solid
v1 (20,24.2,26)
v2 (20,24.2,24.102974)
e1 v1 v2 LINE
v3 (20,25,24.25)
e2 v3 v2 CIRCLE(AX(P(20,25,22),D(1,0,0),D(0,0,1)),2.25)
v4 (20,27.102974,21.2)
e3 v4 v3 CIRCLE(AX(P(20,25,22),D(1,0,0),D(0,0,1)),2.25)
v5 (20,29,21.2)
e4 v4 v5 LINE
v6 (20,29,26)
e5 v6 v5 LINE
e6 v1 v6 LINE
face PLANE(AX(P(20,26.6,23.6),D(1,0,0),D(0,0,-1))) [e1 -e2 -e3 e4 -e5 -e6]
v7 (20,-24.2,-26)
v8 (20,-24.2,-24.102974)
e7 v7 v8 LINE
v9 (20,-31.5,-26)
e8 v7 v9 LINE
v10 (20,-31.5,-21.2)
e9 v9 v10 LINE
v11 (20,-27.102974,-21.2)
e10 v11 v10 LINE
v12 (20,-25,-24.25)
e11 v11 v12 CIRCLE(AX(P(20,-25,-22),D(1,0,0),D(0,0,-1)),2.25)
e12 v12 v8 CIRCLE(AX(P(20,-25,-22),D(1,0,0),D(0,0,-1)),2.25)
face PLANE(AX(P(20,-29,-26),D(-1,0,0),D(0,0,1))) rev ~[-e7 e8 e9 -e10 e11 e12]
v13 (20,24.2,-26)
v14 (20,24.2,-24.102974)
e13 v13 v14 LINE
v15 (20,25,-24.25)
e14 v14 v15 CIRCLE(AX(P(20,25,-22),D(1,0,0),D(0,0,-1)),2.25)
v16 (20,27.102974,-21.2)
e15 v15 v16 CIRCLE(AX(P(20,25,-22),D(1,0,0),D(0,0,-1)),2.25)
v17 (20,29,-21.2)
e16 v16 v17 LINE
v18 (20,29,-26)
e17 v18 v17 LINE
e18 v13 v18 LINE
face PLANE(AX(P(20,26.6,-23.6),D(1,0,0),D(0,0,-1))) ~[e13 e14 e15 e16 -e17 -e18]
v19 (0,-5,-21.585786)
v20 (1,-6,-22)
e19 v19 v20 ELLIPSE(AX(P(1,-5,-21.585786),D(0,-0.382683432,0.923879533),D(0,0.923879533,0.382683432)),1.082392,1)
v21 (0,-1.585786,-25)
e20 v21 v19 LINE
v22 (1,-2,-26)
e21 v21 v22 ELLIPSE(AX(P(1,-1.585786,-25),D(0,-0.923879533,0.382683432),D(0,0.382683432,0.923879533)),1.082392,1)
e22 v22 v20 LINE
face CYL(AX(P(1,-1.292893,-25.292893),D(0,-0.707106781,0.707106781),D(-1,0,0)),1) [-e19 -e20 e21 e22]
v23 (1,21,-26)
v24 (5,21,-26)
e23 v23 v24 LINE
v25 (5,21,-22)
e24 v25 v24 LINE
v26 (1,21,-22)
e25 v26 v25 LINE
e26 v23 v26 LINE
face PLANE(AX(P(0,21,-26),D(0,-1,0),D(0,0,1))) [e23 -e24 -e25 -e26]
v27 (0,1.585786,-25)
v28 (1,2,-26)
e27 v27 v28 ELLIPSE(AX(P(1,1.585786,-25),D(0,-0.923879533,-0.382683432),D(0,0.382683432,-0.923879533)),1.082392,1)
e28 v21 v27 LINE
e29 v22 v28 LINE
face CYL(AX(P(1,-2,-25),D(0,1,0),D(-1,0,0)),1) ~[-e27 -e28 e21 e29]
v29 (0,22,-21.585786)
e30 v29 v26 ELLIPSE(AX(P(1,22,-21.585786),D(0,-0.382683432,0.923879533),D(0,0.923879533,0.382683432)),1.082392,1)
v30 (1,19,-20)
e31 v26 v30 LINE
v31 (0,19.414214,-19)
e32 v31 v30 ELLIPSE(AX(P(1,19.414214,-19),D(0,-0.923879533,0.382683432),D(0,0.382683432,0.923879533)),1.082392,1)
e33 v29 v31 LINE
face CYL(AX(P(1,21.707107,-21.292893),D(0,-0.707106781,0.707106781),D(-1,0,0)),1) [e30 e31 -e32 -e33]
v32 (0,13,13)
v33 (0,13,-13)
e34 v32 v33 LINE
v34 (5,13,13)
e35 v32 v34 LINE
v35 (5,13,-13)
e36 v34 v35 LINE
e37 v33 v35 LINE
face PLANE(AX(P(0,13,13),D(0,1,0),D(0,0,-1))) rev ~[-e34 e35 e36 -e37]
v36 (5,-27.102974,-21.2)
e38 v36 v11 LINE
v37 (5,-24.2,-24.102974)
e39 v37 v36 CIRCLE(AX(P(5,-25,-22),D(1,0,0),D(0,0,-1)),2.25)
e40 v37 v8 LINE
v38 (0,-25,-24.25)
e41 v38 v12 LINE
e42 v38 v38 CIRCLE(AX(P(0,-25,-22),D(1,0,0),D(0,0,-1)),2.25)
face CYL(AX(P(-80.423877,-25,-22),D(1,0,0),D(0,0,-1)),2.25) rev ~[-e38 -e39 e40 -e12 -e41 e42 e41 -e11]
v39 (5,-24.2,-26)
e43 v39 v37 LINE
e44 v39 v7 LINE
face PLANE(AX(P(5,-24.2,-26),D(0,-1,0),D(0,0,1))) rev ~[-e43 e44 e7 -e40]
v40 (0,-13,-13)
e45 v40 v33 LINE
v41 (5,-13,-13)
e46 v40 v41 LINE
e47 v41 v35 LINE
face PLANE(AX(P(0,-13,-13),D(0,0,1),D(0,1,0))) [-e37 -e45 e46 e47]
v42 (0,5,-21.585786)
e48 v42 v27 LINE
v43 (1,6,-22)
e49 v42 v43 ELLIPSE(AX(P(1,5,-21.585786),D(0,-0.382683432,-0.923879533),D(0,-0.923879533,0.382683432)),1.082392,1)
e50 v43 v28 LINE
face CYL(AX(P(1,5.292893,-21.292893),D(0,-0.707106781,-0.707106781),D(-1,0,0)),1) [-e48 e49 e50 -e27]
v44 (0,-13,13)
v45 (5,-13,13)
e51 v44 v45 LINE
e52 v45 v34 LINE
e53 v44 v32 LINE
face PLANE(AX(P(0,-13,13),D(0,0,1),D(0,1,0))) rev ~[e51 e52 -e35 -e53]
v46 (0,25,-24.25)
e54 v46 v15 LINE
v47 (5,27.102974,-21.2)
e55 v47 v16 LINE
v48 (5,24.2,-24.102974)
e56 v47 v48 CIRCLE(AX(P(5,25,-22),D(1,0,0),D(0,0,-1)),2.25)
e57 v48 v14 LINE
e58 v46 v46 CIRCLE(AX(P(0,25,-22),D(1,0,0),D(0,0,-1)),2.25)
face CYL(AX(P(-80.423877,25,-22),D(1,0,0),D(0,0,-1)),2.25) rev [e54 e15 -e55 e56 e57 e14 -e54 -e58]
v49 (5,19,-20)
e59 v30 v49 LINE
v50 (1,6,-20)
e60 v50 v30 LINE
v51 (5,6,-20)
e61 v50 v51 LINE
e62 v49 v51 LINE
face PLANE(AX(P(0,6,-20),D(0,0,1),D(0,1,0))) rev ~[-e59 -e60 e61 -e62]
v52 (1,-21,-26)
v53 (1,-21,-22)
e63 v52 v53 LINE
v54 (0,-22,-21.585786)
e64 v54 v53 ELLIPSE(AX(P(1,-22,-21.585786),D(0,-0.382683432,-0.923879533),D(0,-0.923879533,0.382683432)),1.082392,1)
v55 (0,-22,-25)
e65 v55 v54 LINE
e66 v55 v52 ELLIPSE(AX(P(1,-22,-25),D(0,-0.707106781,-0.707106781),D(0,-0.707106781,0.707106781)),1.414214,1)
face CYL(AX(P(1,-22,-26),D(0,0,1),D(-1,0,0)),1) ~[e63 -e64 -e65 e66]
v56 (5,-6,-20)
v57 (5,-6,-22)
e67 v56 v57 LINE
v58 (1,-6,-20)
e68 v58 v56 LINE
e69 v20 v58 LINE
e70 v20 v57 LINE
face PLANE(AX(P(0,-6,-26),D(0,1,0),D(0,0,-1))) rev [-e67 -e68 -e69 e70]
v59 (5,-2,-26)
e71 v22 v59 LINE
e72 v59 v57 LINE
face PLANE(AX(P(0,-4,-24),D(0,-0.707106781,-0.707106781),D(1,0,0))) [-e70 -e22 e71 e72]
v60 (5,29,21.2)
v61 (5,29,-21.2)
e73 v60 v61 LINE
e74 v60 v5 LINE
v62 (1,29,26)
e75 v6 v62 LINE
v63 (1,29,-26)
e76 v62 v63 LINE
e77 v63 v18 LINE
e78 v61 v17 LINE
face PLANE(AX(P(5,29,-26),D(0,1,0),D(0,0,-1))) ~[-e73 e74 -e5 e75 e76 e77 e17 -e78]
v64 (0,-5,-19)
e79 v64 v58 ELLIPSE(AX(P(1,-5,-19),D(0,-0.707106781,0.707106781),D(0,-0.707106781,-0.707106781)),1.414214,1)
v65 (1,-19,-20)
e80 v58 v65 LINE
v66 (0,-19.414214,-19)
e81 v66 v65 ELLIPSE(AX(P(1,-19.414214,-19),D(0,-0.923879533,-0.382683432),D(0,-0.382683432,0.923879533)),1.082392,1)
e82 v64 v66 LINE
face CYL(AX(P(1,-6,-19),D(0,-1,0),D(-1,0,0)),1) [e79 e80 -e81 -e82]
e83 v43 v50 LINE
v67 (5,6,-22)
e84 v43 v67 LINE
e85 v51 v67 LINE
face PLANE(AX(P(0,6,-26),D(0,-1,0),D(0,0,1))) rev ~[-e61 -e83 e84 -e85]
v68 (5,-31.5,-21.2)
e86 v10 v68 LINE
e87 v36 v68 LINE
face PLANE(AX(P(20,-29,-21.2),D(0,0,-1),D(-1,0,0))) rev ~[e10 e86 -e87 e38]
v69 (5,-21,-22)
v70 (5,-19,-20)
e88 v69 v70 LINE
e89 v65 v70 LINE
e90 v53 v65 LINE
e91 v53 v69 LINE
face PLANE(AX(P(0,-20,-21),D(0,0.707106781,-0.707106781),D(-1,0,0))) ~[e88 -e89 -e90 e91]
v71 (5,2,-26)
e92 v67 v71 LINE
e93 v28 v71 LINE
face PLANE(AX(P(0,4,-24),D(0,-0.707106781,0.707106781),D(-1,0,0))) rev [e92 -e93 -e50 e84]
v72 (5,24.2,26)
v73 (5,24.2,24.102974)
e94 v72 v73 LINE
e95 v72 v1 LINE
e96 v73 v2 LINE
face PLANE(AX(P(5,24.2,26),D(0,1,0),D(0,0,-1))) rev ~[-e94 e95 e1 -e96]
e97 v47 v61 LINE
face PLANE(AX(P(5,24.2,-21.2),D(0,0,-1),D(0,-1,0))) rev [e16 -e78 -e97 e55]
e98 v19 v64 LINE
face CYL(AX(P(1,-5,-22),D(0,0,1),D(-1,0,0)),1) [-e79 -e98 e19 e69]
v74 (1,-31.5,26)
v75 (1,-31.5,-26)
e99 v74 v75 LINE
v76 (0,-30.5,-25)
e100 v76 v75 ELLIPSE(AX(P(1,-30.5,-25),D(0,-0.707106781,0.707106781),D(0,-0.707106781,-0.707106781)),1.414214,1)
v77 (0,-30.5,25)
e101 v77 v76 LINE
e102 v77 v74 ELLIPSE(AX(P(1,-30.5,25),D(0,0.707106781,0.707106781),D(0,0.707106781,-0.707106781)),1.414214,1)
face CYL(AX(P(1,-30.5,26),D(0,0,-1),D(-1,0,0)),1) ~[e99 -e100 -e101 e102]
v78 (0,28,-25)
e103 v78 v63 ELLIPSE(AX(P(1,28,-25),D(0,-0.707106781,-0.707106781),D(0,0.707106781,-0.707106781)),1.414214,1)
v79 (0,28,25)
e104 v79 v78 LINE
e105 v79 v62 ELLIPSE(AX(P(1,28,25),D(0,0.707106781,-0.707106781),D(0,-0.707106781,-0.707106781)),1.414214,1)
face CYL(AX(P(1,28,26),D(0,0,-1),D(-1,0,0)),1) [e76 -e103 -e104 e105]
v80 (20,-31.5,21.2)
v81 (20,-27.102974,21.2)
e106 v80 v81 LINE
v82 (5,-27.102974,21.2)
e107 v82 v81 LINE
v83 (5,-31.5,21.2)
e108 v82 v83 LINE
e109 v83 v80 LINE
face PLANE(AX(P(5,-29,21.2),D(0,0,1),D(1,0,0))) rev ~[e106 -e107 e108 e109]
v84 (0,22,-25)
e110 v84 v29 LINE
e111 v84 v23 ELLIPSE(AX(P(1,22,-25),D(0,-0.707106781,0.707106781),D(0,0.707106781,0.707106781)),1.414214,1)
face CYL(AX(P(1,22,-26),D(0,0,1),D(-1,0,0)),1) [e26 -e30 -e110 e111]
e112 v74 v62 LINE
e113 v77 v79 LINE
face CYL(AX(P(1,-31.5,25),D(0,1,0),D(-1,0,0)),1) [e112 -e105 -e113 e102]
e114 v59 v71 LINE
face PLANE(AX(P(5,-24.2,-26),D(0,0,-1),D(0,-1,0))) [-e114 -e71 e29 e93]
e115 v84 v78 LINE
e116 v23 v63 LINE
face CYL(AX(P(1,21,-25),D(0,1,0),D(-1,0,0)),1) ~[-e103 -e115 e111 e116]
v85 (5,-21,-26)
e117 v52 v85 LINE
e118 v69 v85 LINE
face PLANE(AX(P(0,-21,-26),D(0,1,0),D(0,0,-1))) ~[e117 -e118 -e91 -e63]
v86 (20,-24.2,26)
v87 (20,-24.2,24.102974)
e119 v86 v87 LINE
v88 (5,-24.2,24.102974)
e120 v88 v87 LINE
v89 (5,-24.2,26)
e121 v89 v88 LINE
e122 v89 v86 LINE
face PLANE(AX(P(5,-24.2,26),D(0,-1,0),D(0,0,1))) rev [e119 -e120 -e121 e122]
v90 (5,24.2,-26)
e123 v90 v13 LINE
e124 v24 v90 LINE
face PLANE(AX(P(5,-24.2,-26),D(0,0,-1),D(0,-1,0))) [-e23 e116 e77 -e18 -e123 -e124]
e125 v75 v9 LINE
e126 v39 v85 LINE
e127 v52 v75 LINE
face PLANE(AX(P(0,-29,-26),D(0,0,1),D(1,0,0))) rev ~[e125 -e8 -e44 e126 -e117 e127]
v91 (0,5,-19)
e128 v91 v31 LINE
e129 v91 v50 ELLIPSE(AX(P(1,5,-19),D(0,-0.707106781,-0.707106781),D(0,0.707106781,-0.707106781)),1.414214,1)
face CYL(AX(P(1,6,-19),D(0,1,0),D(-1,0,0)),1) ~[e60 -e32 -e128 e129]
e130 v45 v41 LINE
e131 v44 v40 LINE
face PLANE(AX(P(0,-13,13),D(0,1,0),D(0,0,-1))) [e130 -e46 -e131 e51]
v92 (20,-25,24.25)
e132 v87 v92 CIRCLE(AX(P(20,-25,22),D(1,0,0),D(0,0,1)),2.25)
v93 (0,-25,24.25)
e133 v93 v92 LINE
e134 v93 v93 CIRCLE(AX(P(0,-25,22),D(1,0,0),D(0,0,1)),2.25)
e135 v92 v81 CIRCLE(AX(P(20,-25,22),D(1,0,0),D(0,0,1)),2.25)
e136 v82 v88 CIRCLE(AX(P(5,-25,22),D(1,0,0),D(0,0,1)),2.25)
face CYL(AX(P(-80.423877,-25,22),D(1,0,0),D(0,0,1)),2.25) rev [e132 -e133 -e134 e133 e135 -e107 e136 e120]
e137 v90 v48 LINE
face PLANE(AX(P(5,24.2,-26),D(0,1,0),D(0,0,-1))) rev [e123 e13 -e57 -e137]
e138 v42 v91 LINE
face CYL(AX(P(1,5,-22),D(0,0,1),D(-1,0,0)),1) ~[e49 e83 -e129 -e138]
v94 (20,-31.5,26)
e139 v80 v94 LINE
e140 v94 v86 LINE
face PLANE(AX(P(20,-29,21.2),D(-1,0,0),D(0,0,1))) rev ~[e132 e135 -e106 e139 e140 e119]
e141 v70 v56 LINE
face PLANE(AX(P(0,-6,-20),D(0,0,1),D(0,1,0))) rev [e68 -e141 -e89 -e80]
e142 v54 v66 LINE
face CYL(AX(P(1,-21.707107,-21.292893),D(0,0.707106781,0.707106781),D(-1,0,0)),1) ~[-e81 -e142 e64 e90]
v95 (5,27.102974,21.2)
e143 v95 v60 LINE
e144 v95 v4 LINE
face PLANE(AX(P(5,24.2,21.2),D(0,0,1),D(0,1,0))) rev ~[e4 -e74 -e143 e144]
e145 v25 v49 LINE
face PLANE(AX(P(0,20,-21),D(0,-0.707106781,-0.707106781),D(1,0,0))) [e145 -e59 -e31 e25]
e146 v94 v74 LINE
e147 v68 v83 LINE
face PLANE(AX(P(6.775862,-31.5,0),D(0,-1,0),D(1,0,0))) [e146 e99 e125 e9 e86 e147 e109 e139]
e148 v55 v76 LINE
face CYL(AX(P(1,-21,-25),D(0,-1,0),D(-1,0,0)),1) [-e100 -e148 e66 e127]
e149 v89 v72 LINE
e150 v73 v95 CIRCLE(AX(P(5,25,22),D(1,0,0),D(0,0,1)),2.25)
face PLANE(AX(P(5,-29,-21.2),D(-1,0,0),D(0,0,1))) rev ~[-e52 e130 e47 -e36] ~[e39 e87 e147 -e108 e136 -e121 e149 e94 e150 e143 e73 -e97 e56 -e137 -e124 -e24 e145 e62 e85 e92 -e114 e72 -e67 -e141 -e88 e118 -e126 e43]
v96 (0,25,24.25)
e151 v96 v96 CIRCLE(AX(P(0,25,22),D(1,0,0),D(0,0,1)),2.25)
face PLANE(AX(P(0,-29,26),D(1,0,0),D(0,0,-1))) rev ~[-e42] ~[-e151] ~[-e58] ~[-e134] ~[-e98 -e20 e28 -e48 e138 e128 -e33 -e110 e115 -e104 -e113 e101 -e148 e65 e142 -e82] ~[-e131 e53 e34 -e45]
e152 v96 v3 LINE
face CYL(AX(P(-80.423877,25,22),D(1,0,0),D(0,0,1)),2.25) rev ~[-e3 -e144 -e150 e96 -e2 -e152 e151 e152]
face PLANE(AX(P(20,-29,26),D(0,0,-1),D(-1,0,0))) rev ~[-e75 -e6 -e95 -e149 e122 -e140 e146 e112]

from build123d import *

# Parameters (mm, degrees)
SKETCH2_W               = 52
SKETCH2_H               = 58
SKETCH2_W_2             = 26
SKETCH2_H_2             = 26
BOSS_EXTRUDE1_DEPTH     = 5
SKETCH3_W               = 4.8
SKETCH3_H               = 4.8
BOSS_EXTRUDE2_DEPTH     = 15
M4_CLEARANCE_HOLE1_D    = 4.5
MIRROR2_COPY_1_SKETCH_W = 4.8
MIRROR2_COPY_1_SKETCH_H = 4.8
MIRROR2_COPY_1_DEPTH    = 15
MIRROR2_COPY_2_D        = 4.5
SKETCH7_W               = 6
SKETCH7_H               = 15
CUT_EXTRUDE1_DEPTH      = 44.783558558
CHAMFER1_SIZE           = 2
BOSS_EXTRUDE4_DEPTH     = 2.5
CHAMFER2_SIZE           = 4
FILLET1_R               = 1


with BuildPart() as part:
    # Sketch2 → Boss-Extrude1 (new body)
    with BuildSketch(Plane(origin=(0, 0, 0), x_dir=(0, 0, -1), z_dir=(1, 0, 0))):
        Rectangle(SKETCH2_W, SKETCH2_H)
        Rectangle(SKETCH2_W_2, SKETCH2_H_2, mode=Mode.SUBTRACT)
    extrude(amount=BOSS_EXTRUDE1_DEPTH)

    # Sketch3 → Boss-Extrude2 (add)
    with BuildSketch(Plane(origin=(5, 0, 0), x_dir=(0, 0, -1), z_dir=(1, 0, 0))):
        with Locations((-23.6, 26.6)):
            Rectangle(SKETCH3_W, SKETCH3_H)
    boss_extrude2 = extrude(amount=BOSS_EXTRUDE2_DEPTH)

    # M4 Clearance Hole1 (through all)
    with Locations(Plane(origin=(0, 25, 22), x_dir=(0, 0, -1), z_dir=(-1, 0, 0))):
        with Locations((0, 0)):
            m4_clearance_hole1 = Hole(M4_CLEARANCE_HOLE1_D / 2)

    # Mirror1: Boss-Extrude2, M4 Clearance Hole1 across plane
    add(boss_extrude2.mirror(Plane.XY))
    add(m4_clearance_hole1.mirror(Plane.XY), mode=Mode.SUBTRACT)

    # Mirror2: Boss-Extrude2, M4 Clearance Hole1 across plane
    add(boss_extrude2.mirror(Plane.ZX))
    add(m4_clearance_hole1.mirror(Plane.ZX), mode=Mode.SUBTRACT)

    # Mirror2 copy 1 sketch → Mirror2 copy 1 (add)
    with BuildSketch(Plane(origin=(5, 0, 0), x_dir=(0, 0, 1), z_dir=(1, 0, 0))):
        with Locations((-23.6, 26.6)):
            Rectangle(MIRROR2_COPY_1_SKETCH_W, MIRROR2_COPY_1_SKETCH_H)
    extrude(amount=MIRROR2_COPY_1_DEPTH)

    # Mirror2 copy 2 (through all)
    with Locations(Plane(origin=(0, -25, -22), x_dir=(0, 0, 1), z_dir=(-1, 0, 0))):
        with Locations((0, 0)):
            Hole(MIRROR2_COPY_2_D / 2)

    # Sketch7 → Cut-Extrude1 (cut, through all)
    with BuildSketch(Plane.ZY):
        with Locations((-23, 13.5)):
            Rectangle(SKETCH7_W, SKETCH7_H)
    cut_extrude1 = extrude(amount=-CUT_EXTRUDE1_DEPTH, mode=Mode.SUBTRACT)

    # Mirror3: Cut-Extrude1 across plane
    add(cut_extrude1.mirror(Plane.ZX), mode=Mode.SUBTRACT)

    # Chamfer1
    chamfer1_edges = [part.edges().sort_by_distance(p)[0] for p in [
        (2.5, 21, -20),
        (2.5, -21, -20),
    ]]
    chamfer(chamfer1_edges, length=CHAMFER1_SIZE)

    # Sketch9 → Boss-Extrude4 (add)
    with BuildSketch(Plane.XZ.offset(29)):
        Polygon((0, 26), (0, -26), (20, -26), (20, -21.2), (5, -21.2), (5, 21.2), (20, 21.2), (20, 26), align=None)
    extrude(amount=BOSS_EXTRUDE4_DEPTH)

    # Chamfer2
    chamfer2_edges = [part.edges().sort_by_distance(p)[0] for p in [
        (2.5, 6, -26),
        (2.5, -6, -26),
    ]]
    chamfer(chamfer2_edges, length=CHAMFER2_SIZE)

    # Fillet1
    fillet1_edges = [part.edges().sort_by_distance(p)[0] for p in [
        (0, 25, -26),
        (0, 12.5, -20),
        (0, -12.5, -20),
        (0, -21, -24),
        (0, 21, -24),
        (0, -20, -21),
        (0, 20, -21),
        (0, -31.5, 0),
        (0, 0, -26),
        (0, 6, -21),
        (0, -6, -21),
        (0, -4, -24),
        (0, 4, -24),
        (0, 29, 0),
        (0, -26.25, -26),
        (0, -1.25, 26),
    ]]
    fillet(fillet1_edges, radius=FILLET1_R)


solid = part.part
